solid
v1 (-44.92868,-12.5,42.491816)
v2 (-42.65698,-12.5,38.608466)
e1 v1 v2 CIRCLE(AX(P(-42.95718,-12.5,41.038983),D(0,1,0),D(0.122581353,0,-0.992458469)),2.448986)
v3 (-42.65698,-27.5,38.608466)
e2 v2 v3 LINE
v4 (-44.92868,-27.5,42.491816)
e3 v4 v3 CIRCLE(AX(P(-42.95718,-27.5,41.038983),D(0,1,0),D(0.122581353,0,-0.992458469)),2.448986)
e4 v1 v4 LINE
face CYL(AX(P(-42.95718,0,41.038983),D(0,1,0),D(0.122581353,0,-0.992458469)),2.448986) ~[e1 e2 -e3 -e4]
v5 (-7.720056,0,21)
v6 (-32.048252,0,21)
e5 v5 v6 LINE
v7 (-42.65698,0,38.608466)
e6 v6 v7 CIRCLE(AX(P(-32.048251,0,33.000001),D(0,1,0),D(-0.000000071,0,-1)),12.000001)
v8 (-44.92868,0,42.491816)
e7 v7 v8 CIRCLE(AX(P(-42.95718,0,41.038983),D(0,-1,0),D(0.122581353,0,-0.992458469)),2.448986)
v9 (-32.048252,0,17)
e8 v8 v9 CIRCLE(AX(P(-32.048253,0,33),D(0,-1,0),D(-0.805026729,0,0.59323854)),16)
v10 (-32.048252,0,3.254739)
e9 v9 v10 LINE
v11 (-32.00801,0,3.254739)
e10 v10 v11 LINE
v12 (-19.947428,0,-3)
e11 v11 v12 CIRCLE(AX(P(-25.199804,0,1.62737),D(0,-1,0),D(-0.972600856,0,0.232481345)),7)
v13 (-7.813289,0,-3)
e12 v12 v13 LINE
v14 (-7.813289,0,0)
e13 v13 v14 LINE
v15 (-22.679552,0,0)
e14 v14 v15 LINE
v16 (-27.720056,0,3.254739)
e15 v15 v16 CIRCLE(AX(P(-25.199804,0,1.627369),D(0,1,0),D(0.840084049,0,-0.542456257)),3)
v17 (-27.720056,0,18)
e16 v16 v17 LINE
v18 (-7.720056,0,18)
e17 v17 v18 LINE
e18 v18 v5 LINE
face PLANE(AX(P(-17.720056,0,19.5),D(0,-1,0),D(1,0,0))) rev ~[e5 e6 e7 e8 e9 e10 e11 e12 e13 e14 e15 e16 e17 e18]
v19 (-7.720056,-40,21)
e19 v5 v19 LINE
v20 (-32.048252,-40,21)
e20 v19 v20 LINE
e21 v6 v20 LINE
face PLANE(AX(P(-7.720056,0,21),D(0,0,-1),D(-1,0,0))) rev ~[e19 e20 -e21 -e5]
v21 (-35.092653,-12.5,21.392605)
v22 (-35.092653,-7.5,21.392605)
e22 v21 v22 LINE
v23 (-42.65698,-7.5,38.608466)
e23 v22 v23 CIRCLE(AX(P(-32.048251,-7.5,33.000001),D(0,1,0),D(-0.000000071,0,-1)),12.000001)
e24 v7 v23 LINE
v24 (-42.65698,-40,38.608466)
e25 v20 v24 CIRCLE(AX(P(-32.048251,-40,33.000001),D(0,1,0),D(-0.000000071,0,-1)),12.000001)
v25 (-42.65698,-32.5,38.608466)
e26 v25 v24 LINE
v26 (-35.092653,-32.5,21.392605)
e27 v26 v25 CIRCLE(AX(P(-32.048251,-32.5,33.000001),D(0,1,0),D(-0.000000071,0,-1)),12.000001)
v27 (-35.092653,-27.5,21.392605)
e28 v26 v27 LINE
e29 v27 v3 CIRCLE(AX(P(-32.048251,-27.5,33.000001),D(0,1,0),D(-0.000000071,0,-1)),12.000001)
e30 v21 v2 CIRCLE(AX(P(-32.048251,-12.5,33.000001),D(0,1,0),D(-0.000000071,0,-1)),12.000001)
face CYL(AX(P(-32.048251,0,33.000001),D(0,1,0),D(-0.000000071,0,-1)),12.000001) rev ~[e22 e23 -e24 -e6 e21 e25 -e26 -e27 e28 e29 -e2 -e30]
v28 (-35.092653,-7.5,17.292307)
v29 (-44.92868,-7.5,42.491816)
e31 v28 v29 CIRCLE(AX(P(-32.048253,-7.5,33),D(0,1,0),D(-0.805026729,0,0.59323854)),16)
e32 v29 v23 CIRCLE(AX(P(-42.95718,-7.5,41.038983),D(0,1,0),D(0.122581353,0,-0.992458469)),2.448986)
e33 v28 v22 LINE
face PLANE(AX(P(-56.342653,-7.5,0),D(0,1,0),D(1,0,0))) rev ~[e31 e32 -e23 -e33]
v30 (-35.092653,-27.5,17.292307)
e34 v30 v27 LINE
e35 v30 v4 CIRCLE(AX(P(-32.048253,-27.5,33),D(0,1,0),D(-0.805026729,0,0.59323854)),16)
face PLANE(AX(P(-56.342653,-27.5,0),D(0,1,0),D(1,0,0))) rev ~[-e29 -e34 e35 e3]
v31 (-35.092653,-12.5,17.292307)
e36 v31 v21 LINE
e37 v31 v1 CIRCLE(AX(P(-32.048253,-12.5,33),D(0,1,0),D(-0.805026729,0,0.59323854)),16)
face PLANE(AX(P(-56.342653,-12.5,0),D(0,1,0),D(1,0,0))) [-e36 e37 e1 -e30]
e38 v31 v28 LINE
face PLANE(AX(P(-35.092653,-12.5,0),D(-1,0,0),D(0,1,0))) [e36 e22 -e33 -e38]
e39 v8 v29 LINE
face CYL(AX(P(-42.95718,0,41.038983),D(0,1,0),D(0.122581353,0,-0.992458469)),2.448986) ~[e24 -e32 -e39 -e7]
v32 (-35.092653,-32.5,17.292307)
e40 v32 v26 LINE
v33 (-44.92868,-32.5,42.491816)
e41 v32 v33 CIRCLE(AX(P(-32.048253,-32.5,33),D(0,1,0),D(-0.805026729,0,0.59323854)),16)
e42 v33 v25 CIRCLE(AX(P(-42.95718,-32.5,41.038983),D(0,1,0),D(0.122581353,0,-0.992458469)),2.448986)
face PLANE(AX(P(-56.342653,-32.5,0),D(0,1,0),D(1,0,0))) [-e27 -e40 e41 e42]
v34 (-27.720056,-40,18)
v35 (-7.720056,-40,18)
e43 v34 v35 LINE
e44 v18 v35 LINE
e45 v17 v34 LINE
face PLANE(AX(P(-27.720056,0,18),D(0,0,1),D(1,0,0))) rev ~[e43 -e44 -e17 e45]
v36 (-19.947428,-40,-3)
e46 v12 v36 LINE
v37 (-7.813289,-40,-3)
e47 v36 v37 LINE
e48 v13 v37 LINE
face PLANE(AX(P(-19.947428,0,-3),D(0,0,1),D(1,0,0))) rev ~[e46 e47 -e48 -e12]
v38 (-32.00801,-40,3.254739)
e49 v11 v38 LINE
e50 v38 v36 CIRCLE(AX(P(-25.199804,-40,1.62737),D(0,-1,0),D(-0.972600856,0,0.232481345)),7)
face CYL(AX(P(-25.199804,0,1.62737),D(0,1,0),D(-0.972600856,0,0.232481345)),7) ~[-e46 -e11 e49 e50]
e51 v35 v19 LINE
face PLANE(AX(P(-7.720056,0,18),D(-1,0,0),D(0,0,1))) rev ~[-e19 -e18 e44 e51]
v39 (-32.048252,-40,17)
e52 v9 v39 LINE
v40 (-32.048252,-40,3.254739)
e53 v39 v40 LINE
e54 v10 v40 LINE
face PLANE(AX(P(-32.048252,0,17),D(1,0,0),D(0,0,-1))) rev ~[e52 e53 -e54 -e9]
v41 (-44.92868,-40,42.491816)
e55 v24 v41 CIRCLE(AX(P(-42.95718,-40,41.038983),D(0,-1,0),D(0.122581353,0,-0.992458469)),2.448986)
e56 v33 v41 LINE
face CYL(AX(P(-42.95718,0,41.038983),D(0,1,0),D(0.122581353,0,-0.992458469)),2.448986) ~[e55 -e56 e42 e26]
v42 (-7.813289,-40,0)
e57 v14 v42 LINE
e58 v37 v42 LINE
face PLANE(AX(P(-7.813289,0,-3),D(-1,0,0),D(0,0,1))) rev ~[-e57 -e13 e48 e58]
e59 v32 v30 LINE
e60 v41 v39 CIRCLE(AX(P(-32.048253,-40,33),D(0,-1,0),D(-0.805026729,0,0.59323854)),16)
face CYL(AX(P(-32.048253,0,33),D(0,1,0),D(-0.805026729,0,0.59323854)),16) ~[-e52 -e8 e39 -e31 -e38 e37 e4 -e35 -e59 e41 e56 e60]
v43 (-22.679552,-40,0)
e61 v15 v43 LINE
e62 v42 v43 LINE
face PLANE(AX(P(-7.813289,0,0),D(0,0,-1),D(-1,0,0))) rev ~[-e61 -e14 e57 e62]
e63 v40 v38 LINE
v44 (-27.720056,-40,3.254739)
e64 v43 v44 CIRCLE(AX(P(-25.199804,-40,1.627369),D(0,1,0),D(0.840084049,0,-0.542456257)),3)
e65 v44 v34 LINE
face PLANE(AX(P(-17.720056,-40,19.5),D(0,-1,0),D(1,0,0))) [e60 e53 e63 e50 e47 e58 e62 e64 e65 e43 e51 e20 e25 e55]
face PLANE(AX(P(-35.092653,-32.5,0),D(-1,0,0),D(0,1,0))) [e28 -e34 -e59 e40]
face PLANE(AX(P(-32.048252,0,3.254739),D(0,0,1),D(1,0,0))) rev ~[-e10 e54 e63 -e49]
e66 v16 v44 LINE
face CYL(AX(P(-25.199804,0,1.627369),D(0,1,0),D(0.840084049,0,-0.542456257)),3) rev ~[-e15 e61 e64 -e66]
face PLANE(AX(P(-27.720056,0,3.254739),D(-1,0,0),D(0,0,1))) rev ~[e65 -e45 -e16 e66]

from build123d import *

# Parameters (mm, degrees)
F0_W     = 20
F0_H     = 3
F1_DEPTH = 40
F2_W     = 21.25
F2_H     = 5
F3_DEPTH = 50


with BuildPart() as f1:
    # F0 (on Front) → F1 (new body)
    with BuildSketch(Plane.XZ):
        with Locations((-17.720056, 19.5)):
            Rectangle(F0_W, F0_H)
        Polygon((-27.720056, 18), (-27.720056, 21), (-32.048252, 21), (-32.048252, 17), (-32.048252, 3.254739), (-32.00801, 3.254739), (-27.720056, 3.254739), align=None)
        with BuildLine():
            Line((-32.048252, 17), (-32.048252, 21))
            ThreePointArc((-32.048252, 21), (-42.326909, 26.807327), (-42.65698, 38.608466))
            ThreePointArc((-42.65698, 38.608466), (-40.843318, 42.27556), (-44.92868, 42.491816))
            ThreePointArc((-44.92868, 42.491816), (-46.328817, 25.784359), (-32.048252, 17))
        make_face()
        with BuildLine():
            ThreePointArc((-22.679552, 0), (-26.827174, -0.892883), (-27.720056, 3.254739))
            Line((-27.720056, 3.254739), (-32.00801, 3.254739))
            ThreePointArc((-32.00801, 3.254739), (-28.422472, -4.58668), (-19.947428, -3))
            Line((-19.947428, -3), (-22.679552, -3))
            Line((-22.679552, -3), (-22.679552, 0))
        make_face()
        Polygon((-7.813289, 0), (-22.679552, 0), (-22.679552, -3), (-19.947428, -3), (-7.813289, -3), align=None)
    extrude(amount=F1_DEPTH)

    # F2 (on Top) → F3 (cut)
    with BuildSketch(Plane.XY):
        with Locations((-45.717653, -10)):
            Rectangle(F2_W, F2_H)
        with Locations((-45.717653, -30)):
            Rectangle(F2_W, F2_H)
    extrude(amount=F3_DEPTH, mode=Mode.SUBTRACT)


solid = f1.part
